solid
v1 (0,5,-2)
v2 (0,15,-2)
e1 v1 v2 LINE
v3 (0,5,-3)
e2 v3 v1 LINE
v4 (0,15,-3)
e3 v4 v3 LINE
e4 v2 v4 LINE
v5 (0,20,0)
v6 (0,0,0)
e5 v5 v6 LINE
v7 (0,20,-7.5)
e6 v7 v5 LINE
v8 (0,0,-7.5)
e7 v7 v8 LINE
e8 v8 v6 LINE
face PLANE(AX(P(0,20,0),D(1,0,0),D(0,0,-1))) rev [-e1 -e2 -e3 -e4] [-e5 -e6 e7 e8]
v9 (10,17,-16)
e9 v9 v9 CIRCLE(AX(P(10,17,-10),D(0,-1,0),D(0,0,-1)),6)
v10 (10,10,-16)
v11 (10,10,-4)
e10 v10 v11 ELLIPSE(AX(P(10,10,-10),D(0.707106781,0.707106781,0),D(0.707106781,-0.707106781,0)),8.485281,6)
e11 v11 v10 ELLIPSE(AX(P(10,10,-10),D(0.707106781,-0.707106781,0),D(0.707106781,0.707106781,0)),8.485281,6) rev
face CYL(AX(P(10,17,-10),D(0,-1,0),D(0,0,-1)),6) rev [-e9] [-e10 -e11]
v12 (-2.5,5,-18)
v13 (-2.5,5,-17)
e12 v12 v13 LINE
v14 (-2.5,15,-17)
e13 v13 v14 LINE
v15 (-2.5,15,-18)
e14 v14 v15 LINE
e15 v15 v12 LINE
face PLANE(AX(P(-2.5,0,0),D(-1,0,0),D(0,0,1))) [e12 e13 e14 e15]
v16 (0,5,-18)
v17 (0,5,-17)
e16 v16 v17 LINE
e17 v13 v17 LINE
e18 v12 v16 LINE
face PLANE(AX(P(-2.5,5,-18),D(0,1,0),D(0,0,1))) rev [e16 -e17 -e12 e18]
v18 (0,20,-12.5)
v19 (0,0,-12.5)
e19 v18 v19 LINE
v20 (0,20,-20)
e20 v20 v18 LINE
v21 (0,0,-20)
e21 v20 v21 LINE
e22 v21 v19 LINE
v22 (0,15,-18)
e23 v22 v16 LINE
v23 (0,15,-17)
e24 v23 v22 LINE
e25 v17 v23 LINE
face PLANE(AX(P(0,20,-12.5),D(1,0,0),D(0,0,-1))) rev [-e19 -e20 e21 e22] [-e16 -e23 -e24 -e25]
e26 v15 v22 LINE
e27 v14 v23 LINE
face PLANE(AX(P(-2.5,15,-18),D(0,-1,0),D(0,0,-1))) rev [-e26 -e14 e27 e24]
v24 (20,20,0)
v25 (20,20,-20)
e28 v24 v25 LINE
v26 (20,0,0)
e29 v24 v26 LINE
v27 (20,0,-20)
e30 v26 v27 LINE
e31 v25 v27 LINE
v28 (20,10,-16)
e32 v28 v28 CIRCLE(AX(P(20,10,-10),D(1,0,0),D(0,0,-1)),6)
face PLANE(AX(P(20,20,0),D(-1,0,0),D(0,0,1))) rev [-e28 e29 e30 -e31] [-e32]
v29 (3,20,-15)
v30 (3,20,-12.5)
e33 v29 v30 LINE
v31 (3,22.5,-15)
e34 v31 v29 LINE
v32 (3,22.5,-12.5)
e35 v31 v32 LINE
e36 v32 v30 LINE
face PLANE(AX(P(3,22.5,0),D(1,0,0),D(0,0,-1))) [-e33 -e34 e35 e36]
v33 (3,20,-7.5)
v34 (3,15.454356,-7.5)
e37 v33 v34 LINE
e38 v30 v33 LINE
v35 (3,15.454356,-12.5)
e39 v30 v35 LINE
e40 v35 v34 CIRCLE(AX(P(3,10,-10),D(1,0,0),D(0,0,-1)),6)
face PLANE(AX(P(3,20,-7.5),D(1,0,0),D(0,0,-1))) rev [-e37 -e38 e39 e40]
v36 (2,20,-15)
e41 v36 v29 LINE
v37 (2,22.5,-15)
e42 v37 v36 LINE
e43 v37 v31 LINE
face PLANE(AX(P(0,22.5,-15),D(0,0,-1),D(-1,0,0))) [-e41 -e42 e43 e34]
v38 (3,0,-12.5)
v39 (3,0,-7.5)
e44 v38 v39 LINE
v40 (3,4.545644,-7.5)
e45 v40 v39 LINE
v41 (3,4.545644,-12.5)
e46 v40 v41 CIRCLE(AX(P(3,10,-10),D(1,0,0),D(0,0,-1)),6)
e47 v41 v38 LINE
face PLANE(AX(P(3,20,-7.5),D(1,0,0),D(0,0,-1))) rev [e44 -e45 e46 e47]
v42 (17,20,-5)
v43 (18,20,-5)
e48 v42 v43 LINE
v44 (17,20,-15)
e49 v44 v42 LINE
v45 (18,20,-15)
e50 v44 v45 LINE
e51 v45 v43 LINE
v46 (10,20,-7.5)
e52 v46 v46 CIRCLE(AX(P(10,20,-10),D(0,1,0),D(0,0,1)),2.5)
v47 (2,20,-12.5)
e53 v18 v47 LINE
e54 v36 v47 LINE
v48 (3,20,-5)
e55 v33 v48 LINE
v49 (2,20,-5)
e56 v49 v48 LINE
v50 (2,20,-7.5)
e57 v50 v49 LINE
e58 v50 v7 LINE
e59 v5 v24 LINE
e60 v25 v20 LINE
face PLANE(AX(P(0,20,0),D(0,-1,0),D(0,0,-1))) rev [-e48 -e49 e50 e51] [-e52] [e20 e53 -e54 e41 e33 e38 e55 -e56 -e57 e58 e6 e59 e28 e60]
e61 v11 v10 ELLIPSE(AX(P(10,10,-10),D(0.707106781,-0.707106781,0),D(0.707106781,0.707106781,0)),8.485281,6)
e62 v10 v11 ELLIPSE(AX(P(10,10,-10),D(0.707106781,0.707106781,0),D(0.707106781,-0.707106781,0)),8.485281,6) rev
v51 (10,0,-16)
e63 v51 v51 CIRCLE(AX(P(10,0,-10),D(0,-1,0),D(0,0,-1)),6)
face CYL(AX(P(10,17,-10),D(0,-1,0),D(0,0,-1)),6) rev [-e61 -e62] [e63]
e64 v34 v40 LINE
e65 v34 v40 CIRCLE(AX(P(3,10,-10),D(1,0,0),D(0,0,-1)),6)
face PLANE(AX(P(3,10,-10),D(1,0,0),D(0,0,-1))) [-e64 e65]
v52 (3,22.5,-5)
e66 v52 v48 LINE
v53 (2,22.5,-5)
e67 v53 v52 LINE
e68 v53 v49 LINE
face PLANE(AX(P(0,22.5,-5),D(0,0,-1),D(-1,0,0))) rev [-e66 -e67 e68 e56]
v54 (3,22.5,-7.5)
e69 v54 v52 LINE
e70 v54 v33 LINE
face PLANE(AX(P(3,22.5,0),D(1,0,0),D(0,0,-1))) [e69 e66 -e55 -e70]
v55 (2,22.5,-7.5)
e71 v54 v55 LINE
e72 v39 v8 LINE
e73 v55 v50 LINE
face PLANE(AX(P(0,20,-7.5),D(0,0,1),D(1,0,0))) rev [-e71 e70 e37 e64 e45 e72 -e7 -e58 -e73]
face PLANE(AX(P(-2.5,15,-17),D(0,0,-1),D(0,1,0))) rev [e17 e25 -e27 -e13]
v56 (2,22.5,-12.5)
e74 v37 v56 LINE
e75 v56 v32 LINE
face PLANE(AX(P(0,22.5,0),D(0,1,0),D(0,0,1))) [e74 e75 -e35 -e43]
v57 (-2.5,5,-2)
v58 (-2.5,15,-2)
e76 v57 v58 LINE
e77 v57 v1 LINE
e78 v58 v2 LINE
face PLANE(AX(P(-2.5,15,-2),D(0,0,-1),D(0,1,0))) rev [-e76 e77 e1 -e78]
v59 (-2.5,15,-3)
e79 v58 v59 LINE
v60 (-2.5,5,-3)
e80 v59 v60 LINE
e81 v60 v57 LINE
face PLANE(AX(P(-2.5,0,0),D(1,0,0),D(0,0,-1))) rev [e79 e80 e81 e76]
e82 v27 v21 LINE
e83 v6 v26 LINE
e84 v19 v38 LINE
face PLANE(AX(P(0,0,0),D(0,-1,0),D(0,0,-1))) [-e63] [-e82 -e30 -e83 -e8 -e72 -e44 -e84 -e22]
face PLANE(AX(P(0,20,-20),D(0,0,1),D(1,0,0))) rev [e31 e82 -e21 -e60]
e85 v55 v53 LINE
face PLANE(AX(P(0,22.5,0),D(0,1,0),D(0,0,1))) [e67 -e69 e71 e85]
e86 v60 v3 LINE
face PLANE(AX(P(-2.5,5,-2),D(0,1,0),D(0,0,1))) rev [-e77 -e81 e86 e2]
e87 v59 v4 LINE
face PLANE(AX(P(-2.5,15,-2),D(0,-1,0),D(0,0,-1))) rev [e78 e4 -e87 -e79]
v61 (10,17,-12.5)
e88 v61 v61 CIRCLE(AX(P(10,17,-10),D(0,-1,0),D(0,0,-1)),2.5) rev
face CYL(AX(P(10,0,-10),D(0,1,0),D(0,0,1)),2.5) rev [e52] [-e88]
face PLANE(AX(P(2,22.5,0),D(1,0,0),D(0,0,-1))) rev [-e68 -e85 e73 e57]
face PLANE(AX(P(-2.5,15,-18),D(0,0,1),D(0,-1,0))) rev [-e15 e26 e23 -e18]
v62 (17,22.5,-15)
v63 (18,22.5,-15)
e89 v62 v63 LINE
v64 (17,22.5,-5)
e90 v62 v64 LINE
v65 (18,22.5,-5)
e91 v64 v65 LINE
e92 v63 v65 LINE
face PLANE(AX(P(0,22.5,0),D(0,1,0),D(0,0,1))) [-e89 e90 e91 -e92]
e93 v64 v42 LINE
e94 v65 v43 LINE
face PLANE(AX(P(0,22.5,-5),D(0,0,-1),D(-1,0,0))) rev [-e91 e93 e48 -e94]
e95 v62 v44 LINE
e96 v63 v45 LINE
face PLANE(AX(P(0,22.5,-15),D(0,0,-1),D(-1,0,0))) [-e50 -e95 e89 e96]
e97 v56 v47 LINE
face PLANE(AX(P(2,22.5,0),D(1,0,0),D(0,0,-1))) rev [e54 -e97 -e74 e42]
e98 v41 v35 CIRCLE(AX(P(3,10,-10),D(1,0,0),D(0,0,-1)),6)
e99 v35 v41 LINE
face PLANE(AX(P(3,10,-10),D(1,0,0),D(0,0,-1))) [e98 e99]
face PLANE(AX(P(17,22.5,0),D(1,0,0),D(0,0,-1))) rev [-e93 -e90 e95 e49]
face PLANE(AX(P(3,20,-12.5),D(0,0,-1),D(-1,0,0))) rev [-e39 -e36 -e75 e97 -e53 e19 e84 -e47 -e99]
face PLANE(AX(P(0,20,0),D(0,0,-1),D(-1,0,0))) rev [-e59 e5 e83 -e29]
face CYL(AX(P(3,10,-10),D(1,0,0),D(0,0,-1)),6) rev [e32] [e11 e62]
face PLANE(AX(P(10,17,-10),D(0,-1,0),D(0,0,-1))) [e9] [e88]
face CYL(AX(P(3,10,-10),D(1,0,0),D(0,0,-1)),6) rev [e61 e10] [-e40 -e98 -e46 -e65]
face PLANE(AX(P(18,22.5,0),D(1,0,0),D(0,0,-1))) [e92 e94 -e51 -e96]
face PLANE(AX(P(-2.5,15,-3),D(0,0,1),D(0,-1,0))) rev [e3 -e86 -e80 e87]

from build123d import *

# Parameters (mm, degrees)
BOSS_EXTRUDE1_DEPTH = 20
SKETCH2_W           = 1
SKETCH2_H           = 2.5
SKETCH2_H_2         = 10
BOSS_EXTRUDE2_DEPTH = 2.5
SKETCH2_3_R         = 2.5
CUT_EXTRUDE1_DEPTH  = 35.641016151
SKETCH3_W           = 1
SKETCH3_H           = 10
BOSS_EXTRUDE3_DEPTH = 2.5
SKETCH5_R           = 6
CUT_EXTRUDE3_DEPTH  = 17
SKETCH7_R           = 6
CUT_EXTRUDE5_DEPTH  = 17


with BuildPart() as part:
    # Sketch1 → Boss-Extrude1 (new body)
    with BuildSketch(Plane(origin=(0, 0, 0), x_dir=(1, 0, 0), z_dir=(0, 1, 0))):
        Polygon((0, 7.5), (3, 7.5), (3, 12.5), (0, 12.5), (0, 20), (20, 20), (20, 0), (0, 0), align=None)
    extrude(amount=BOSS_EXTRUDE1_DEPTH)

    # Sketch2 → Boss-Extrude2 (add)
    with BuildSketch(Plane(origin=(0, 20, 0), x_dir=(1, 0, 0), z_dir=(0, 1, 0))):
        with Locations((2.5, 6.25)):
            Rectangle(SKETCH2_W, SKETCH2_H)
        with Locations((2.5, 13.75)):
            Rectangle(SKETCH2_W, SKETCH2_H)
        with Locations((17.5, 10)):
            Rectangle(SKETCH2_W, SKETCH2_H_2)
    extrude(amount=BOSS_EXTRUDE2_DEPTH)

    # Sketch2<3> → Cut-Extrude1 (cut, through all)
    with BuildSketch(Plane(origin=(0, 20, 0), x_dir=(1, 0, 0), z_dir=(0, 1, 0))):
        with Locations(Location((10, 10, 0), (0, 0, 270))):
            Circle(SKETCH2_3_R)
    extrude(amount=-CUT_EXTRUDE1_DEPTH, mode=Mode.SUBTRACT)

    # Sketch3 → Boss-Extrude3 (add)
    with BuildSketch(Plane.ZY):
        with Locations((-2.5, 10)):
            Rectangle(SKETCH3_W, SKETCH3_H)
        with Locations((-17.5, 10)):
            Rectangle(SKETCH3_W, SKETCH3_H)
    extrude(amount=BOSS_EXTRUDE3_DEPTH)

    # Sketch5 → Cut-Extrude3 (cut)
    with BuildSketch(Plane(origin=(20, 0, 0), x_dir=(0, 0, -1), z_dir=(1, 0, 0))):
        with Locations((10, 10)):
            Circle(SKETCH5_R)
    extrude(amount=-CUT_EXTRUDE3_DEPTH, mode=Mode.SUBTRACT)

    # Sketch7 → Cut-Extrude5 (cut)
    with BuildSketch(Plane.XZ):
        with Locations(Location((10, -10, 0), (0, 0, 270))):
            Circle(SKETCH7_R)
    extrude(amount=-CUT_EXTRUDE5_DEPTH, mode=Mode.SUBTRACT)


solid = part.part
